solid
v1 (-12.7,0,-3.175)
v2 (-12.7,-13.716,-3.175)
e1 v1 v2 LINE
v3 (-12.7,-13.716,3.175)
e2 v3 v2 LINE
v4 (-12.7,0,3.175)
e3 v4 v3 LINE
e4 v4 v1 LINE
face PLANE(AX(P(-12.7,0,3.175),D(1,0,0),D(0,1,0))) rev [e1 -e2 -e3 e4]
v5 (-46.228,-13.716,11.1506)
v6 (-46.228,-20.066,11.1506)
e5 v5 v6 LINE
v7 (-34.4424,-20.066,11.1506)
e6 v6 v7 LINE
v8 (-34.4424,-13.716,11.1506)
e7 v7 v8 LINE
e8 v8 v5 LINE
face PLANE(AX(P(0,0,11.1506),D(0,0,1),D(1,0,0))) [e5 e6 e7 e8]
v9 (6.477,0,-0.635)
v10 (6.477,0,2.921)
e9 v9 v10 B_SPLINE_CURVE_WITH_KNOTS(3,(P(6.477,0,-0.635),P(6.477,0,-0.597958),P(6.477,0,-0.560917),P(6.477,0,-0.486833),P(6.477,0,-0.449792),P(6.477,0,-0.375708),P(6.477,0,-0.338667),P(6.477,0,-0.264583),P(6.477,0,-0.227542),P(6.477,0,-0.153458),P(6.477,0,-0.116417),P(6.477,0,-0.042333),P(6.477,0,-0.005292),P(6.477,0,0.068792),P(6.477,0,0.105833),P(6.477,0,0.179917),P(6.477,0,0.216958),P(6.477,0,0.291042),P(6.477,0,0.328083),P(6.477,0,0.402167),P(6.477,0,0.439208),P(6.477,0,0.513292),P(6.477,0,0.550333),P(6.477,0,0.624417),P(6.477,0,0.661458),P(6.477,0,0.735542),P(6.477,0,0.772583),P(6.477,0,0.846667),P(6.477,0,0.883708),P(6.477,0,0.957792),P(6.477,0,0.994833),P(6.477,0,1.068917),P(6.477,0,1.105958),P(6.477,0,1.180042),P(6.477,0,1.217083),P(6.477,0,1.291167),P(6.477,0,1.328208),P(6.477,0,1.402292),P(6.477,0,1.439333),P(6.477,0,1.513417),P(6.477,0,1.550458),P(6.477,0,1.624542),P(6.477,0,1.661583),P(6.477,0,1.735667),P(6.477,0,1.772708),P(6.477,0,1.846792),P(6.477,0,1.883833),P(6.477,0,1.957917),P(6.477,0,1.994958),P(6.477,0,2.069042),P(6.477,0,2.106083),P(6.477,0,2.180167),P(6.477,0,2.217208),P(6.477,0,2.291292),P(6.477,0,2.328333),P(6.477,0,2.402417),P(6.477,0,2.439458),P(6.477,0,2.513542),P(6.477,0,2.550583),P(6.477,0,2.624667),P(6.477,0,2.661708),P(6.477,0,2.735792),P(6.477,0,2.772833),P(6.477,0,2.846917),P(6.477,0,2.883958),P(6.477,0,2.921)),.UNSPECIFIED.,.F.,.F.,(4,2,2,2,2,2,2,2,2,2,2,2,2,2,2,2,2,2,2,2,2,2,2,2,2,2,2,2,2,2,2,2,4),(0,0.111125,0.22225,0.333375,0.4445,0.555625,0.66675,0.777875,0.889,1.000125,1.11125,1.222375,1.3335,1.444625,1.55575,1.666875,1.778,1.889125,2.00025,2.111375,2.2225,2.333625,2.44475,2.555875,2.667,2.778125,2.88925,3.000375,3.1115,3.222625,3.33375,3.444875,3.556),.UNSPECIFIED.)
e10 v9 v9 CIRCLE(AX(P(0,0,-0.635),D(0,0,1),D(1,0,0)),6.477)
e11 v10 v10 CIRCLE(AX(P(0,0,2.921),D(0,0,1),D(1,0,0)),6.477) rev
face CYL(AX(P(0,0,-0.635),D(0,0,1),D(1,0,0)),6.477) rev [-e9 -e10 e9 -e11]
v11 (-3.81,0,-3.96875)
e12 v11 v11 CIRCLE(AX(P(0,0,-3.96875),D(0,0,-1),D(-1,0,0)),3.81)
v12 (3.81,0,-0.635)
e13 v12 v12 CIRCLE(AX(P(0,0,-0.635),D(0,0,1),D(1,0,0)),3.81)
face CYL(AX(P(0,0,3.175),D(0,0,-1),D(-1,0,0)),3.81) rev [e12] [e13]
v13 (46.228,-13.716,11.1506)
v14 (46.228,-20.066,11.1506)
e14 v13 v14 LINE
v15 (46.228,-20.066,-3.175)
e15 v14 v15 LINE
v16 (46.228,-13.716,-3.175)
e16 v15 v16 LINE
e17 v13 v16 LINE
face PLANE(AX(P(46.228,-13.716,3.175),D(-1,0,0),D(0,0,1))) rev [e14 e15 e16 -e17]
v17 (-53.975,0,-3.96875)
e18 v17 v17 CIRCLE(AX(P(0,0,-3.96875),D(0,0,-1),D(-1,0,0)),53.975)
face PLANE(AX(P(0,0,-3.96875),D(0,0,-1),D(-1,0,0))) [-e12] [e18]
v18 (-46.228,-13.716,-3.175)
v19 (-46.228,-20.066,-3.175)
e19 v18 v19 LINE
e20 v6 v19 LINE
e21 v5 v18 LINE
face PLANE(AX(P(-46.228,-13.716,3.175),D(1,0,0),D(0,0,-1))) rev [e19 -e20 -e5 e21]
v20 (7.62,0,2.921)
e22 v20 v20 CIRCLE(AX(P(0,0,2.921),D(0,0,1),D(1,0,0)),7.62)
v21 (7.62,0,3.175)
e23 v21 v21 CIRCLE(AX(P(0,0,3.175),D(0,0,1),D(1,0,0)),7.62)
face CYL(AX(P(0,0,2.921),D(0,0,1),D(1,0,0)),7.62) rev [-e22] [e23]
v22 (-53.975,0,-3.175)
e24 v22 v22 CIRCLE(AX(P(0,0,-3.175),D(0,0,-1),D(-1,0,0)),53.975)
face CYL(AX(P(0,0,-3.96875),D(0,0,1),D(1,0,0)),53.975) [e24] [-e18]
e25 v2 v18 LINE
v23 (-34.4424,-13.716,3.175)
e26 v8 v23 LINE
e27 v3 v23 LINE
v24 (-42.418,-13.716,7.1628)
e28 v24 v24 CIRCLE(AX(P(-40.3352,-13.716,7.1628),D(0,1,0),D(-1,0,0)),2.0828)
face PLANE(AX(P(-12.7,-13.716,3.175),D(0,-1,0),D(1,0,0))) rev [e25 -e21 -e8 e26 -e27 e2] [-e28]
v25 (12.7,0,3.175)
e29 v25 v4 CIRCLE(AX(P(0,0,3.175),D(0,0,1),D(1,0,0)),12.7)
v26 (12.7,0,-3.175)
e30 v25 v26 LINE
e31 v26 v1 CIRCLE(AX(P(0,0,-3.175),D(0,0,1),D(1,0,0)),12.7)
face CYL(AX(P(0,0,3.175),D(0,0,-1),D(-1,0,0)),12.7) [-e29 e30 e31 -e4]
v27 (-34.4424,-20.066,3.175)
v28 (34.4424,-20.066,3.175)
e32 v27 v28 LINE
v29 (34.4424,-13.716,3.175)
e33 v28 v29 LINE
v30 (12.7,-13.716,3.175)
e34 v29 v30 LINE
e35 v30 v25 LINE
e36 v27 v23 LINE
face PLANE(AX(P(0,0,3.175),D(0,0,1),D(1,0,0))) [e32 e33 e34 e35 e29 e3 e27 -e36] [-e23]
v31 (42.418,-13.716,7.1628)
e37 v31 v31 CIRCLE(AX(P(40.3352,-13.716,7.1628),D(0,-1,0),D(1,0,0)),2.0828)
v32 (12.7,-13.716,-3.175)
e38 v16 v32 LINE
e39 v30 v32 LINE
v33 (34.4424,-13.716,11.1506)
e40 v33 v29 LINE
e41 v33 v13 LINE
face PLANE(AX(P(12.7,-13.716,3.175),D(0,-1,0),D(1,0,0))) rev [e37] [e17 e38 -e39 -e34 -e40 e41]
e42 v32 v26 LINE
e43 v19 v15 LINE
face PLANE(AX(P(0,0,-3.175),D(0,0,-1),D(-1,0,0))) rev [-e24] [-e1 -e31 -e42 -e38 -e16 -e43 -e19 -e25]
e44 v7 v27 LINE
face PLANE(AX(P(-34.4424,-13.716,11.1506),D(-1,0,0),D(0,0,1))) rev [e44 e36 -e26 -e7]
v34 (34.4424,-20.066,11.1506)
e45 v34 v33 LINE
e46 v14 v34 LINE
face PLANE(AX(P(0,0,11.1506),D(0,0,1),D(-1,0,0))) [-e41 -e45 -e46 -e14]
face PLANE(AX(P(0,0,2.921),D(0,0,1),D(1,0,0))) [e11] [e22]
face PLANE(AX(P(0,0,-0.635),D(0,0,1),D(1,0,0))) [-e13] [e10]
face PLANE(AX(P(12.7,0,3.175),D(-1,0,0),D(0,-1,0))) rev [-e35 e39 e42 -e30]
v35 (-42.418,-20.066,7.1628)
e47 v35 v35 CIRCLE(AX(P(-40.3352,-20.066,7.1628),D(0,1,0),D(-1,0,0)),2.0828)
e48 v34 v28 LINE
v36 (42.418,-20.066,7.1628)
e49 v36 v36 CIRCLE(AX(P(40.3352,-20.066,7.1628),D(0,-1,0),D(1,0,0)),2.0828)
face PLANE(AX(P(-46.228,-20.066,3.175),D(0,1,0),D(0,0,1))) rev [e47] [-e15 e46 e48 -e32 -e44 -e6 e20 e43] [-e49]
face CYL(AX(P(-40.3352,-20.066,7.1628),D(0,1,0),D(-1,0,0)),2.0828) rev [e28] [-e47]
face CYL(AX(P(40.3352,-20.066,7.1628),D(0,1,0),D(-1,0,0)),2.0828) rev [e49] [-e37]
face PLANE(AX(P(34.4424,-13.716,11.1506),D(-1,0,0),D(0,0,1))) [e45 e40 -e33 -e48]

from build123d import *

# Parameters (mm, degrees)
SKETCH1_R           = 3.81
BOSS_EXTRUDE1_DEPTH = 3.175
SKETCH2_R           = 6.477
CUT_EXTRUDE1_DEPTH  = 3.81
SKETCH3_R           = 7.62
CUT_EXTRUDE2_DEPTH  = 0.254
SKETCH6_W           = 11.7856
SKETCH6_H           = 6.35
BOSS_EXTRUDE2_DEPTH = 7.9756
SKETCH7_R           = 2.0828
CUT_EXTRUDE4_DEPTH  = 55.398243725
BOSS_EXTRUDE4_START = 0.79375
SKETCH8_R           = 53.975
SKETCH8_R_2         = 3.81
BOSS_EXTRUDE4_DEPTH = 0.79375


with BuildPart() as part:
    # Sketch1 → Boss-Extrude1 (new, symmetric)
    with BuildSketch(Plane.XY):
        with BuildLine():
            Line((-12.7, 0), (-12.7, -13.716))
            Line((-12.7, -13.716), (-46.228, -13.716))
            Line((-46.228, -13.716), (-46.228, -20.066))
            Line((-46.228, -20.066), (46.228, -20.066))
            Line((46.228, -20.066), (46.228, -13.716))
            Line((46.228, -13.716), (12.7, -13.716))
            Line((12.7, -13.716), (12.7, 0))
            ThreePointArc((12.7, 0), (0, 12.7), (-12.7, 0))
        make_face()
        Circle(SKETCH1_R, mode=Mode.SUBTRACT)
    extrude(amount=BOSS_EXTRUDE1_DEPTH, both=True)

    # Sketch2 → Cut-Extrude1 (cut)
    with BuildSketch(Plane.XY.offset(3.175)):
        Circle(SKETCH2_R)
    extrude(amount=-CUT_EXTRUDE1_DEPTH, mode=Mode.SUBTRACT)

    # Sketch3 → Cut-Extrude2 (cut)
    with BuildSketch(Plane.XY.offset(3.175)):
        Circle(SKETCH3_R)
    extrude(amount=-CUT_EXTRUDE2_DEPTH, mode=Mode.SUBTRACT)

    # Sketch6 → Boss-Extrude2 (add)
    with BuildSketch(Plane.XY.offset(3.175)):
        with Locations((-40.3352, -16.891)):
            Rectangle(SKETCH6_W, SKETCH6_H)
    boss_extrude2 = extrude(amount=BOSS_EXTRUDE2_DEPTH)

    # Sketch7 → Cut-Extrude4 (cut, through all)
    with BuildSketch(Plane(origin=(0, -13.716, 0), x_dir=(1, 0, 0), z_dir=(0, 1, 0))):
        with Locations(Location((-40.3352, -7.1628, 0), (0, 0, 180))):
            Circle(SKETCH7_R)
    cut_extrude4 = extrude(amount=-CUT_EXTRUDE4_DEPTH, mode=Mode.SUBTRACT)

    # Mirror2: Boss-Extrude2, Cut-Extrude4 across plane
    add(boss_extrude2.mirror(Plane(origin=(0, 0, 0), x_dir=(0, 0, 1), z_dir=(1, 0, 0))))
    add(cut_extrude4.mirror(Plane(origin=(0, 0, 0), x_dir=(0, 0, 1), z_dir=(1, 0, 0))), mode=Mode.SUBTRACT)

    # Sketch8 → Boss-Extrude4 (add)
    with BuildSketch(Plane(origin=(0, 0, -3.175), x_dir=(-1, 0, 0), z_dir=(0, 0, -1)).offset(BOSS_EXTRUDE4_START)):
        Circle(SKETCH8_R)
        Circle(SKETCH8_R_2, mode=Mode.SUBTRACT)
    extrude(amount=-BOSS_EXTRUDE4_DEPTH)


solid = part.part
